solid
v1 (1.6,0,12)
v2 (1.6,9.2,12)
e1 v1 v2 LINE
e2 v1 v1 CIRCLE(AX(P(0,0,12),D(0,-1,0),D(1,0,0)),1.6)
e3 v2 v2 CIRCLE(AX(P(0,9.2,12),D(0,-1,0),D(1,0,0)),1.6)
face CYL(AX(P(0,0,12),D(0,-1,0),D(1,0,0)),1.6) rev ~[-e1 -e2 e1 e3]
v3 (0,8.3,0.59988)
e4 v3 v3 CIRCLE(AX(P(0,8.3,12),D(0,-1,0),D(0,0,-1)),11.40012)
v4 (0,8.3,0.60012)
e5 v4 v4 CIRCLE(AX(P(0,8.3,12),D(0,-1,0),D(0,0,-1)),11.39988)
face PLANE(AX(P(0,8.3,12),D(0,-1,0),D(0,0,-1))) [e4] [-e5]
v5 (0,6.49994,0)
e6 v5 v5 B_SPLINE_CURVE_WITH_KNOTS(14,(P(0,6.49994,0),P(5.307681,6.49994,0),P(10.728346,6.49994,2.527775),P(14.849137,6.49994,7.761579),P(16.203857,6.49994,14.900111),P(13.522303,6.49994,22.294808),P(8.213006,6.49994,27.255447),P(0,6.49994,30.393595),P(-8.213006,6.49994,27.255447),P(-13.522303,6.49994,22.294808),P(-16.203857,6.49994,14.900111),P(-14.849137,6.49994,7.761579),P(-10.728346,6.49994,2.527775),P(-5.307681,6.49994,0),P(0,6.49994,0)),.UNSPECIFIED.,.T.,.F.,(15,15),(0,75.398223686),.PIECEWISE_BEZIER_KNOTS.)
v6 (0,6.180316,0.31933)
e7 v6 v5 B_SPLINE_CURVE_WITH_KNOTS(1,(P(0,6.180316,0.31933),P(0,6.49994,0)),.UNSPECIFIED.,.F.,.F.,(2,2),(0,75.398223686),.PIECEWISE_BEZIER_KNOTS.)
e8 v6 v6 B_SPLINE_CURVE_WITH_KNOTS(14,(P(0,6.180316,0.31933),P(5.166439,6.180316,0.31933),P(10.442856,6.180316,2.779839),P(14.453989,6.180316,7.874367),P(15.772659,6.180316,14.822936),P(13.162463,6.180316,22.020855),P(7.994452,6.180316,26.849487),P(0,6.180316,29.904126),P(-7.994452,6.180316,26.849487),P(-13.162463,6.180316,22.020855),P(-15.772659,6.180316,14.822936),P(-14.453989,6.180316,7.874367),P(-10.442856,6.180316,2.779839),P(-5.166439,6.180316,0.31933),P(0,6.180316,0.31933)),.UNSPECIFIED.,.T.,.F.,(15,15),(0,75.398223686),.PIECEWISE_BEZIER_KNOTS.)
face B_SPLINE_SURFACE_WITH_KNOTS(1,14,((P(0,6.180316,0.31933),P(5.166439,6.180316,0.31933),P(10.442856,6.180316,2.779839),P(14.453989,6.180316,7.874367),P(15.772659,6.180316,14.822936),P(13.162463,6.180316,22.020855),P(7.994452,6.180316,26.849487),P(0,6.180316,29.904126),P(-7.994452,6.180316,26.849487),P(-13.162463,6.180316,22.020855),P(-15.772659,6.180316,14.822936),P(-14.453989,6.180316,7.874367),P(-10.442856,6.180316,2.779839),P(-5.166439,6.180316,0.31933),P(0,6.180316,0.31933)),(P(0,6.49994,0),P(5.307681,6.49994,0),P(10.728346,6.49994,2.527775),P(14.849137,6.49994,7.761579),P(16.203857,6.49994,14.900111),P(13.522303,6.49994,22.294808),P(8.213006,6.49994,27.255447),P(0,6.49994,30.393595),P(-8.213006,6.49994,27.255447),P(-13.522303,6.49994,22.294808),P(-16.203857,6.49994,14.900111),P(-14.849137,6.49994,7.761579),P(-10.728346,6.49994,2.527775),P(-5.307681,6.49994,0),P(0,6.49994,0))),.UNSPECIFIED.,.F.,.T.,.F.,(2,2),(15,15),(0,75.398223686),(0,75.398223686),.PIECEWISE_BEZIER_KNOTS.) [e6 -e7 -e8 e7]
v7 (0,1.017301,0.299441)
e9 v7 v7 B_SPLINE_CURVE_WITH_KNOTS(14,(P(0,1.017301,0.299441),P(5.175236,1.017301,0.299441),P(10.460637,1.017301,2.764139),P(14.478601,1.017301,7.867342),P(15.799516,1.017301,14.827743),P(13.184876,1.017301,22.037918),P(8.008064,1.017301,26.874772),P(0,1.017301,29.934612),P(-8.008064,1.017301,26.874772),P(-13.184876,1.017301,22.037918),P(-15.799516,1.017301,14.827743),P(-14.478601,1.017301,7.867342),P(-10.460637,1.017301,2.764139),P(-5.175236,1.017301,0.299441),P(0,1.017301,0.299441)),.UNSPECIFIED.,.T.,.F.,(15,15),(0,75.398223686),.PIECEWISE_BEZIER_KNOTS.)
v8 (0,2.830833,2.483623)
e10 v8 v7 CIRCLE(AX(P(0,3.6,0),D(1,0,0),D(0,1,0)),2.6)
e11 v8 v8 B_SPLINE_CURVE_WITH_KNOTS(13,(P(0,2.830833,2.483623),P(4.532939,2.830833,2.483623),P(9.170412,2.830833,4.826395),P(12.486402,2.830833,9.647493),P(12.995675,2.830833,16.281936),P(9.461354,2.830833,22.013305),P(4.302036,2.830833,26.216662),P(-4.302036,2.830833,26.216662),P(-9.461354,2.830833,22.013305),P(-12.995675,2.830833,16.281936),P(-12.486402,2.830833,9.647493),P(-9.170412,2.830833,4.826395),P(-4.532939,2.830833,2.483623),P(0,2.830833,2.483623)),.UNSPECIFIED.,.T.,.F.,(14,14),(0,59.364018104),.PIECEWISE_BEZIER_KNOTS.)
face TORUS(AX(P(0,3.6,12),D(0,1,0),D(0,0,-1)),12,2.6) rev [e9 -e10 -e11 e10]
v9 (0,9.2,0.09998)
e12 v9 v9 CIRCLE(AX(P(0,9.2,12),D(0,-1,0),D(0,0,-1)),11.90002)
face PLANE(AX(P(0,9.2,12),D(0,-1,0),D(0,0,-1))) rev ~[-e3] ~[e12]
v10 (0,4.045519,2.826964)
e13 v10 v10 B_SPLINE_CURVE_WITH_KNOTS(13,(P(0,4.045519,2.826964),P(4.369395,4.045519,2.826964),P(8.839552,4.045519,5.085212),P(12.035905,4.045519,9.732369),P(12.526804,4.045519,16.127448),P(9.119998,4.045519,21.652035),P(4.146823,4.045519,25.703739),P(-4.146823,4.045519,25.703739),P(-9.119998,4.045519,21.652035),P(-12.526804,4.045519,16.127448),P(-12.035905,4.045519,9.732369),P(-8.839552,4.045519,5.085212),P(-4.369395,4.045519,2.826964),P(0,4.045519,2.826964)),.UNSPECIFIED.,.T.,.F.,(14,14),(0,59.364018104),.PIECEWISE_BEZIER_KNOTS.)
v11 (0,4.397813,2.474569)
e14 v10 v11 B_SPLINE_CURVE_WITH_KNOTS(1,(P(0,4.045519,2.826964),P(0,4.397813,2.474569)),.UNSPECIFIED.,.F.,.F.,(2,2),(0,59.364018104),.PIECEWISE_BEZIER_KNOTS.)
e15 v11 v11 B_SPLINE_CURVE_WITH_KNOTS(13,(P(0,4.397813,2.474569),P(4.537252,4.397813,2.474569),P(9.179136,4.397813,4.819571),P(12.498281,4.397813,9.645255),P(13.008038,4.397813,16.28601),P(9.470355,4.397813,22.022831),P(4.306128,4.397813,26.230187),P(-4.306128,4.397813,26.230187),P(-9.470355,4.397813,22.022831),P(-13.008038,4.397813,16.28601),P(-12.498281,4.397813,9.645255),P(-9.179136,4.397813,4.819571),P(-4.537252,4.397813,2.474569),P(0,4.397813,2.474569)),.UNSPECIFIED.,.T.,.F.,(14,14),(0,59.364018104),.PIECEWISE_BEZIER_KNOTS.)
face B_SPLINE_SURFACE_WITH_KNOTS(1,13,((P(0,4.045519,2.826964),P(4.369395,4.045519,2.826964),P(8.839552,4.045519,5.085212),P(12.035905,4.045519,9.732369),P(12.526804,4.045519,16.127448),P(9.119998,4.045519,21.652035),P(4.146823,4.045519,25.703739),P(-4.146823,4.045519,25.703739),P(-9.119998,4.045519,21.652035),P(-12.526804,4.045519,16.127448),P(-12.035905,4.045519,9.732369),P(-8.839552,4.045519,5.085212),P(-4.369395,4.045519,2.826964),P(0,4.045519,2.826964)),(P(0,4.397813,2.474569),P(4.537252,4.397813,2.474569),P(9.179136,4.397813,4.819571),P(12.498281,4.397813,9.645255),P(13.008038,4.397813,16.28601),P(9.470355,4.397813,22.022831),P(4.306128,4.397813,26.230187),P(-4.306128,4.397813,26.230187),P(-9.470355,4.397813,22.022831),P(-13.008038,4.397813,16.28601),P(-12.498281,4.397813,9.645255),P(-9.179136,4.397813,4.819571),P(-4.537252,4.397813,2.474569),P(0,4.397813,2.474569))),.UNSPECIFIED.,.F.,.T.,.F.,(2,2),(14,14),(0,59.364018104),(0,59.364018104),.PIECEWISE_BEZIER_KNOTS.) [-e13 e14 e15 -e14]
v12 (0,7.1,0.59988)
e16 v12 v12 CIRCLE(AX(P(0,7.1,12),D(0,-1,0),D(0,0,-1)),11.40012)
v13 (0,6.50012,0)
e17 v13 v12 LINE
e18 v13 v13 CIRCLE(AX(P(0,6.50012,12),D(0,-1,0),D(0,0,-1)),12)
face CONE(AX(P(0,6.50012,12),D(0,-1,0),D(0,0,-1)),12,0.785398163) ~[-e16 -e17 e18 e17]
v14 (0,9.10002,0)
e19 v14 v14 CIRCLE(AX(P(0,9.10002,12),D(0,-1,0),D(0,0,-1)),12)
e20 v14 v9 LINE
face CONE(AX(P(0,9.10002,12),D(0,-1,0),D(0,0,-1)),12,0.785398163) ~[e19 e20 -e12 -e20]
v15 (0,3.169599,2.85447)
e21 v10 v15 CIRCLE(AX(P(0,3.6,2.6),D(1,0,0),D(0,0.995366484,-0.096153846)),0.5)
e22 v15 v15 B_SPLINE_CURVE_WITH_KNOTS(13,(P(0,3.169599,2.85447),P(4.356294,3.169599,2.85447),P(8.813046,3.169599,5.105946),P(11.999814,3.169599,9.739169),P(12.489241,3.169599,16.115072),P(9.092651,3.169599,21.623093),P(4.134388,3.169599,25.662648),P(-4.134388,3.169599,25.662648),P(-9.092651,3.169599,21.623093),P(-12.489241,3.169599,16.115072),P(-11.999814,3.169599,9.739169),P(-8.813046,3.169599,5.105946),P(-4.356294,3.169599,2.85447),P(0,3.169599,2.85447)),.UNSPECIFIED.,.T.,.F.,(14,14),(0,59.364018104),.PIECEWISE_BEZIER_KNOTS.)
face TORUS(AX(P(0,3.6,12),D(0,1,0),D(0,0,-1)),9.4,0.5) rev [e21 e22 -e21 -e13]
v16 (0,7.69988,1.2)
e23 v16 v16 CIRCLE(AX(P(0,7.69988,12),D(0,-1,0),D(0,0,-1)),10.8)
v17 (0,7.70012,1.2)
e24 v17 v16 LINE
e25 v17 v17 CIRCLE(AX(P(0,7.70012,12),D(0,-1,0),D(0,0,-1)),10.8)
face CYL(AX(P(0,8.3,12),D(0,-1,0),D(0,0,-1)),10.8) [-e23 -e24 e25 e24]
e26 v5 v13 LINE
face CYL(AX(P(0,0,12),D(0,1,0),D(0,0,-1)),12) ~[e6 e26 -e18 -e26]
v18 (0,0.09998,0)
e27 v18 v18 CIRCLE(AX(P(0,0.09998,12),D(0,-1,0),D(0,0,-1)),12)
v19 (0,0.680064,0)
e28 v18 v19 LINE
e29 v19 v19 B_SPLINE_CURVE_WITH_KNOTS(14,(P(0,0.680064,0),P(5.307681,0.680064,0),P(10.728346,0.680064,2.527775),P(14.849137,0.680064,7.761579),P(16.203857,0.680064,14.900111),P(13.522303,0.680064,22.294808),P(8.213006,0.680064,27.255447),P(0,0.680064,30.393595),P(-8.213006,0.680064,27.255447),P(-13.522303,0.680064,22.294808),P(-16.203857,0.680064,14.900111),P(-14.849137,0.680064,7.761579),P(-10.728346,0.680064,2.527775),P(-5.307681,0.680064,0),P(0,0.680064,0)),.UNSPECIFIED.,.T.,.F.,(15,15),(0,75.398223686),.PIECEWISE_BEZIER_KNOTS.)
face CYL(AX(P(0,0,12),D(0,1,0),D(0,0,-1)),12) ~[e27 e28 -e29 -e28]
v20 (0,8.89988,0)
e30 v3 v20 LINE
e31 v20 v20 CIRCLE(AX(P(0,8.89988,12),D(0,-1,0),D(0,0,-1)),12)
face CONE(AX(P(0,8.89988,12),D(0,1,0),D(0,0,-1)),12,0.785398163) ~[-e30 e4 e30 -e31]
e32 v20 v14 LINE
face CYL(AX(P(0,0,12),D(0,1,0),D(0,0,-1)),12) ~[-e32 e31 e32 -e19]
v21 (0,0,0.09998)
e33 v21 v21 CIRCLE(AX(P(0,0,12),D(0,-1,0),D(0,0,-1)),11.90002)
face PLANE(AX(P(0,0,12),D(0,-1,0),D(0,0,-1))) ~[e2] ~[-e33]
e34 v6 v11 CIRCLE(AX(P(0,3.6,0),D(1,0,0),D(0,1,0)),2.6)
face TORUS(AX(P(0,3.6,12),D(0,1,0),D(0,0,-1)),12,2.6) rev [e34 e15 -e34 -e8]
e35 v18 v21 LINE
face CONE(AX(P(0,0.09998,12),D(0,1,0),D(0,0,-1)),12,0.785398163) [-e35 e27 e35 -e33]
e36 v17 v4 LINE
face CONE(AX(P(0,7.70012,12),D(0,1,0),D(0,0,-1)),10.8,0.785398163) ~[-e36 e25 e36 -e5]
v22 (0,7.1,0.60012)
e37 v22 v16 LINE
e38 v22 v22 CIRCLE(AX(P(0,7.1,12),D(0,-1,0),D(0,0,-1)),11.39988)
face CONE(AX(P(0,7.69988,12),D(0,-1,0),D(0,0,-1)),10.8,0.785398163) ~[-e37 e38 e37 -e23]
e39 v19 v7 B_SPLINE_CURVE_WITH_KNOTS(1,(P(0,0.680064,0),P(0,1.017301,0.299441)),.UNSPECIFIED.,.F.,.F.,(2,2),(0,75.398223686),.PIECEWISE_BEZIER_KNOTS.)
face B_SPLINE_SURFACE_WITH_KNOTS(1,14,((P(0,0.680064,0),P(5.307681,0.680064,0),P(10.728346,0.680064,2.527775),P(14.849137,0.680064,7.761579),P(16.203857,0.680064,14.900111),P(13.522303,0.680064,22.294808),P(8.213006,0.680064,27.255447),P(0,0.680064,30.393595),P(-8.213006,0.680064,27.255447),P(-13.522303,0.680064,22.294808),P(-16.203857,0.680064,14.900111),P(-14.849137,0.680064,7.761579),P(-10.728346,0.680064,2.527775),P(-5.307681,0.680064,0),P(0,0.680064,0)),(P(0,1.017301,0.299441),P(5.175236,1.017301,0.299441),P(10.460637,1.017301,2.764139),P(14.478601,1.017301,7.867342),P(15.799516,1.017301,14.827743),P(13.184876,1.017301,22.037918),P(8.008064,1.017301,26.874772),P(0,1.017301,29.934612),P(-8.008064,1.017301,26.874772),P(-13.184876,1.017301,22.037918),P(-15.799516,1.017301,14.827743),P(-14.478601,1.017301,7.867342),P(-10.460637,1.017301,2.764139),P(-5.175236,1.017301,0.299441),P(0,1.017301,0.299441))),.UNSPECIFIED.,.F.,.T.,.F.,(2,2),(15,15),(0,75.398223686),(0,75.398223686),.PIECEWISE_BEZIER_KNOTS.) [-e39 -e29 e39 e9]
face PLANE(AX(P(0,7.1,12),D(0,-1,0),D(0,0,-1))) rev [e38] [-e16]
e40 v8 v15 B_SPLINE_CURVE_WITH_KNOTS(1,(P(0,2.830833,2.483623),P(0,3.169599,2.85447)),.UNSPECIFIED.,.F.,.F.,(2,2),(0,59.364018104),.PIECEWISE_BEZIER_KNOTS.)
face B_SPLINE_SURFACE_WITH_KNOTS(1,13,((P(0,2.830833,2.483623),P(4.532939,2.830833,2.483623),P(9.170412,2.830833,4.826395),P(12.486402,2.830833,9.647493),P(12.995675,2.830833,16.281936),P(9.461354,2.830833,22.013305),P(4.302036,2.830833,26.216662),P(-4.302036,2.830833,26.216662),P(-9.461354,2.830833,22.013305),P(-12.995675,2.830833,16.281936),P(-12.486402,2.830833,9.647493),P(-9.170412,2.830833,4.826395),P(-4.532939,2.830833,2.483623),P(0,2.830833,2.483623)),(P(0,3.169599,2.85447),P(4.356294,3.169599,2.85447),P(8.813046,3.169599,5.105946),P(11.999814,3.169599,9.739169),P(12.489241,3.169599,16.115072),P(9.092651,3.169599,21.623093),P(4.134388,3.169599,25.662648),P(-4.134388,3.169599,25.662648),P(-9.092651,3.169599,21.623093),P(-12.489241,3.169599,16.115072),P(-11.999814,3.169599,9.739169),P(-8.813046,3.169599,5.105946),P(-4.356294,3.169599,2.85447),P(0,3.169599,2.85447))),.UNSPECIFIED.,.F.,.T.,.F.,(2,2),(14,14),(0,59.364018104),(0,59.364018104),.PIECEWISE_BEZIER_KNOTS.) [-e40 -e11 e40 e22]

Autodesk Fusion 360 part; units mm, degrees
sketch "Sketch1" plane through (0, 0, 0) normal (1, 0, 0) x (0, 1, 0)
  line L0 (0, 0) -> (9.2, 0)
  line L1 (9.2, 0) -> (9.2, 12)
  line L2 (9.2, 12) -> (0, 12)
  line L3 (0, 12) -> (0, 0)
  line L4 (0, 10.3) -> (9.2, 10.3)
  line L5 (7.1, 0) -> (8.3, 0)
  line L6 (8.3, 0) -> (8.3, 1.2)
  line L7 (8.3, 1.2) -> (7.1, 1.2)
  line L8 (7.1, 1.2) -> (7.1, 0)
  circle A0 centre (3.6, 0) radius 2.6
  line L9 (3.6, 0) -> (3.6, 2.6) construction
  circle A1 centre (3.6, 2.6) radius 0.5
  dimension "d1" = 9.2
  dimension "d2" = 12
  dimension "d3" = 1.7
  dimension "d4" = 1.2
  dimension "d5" = 1.2
  dimension "d6" = 7.1
  dimension "d7" = 5.2
  dimension "d8" = 3.6
  dimension "d9" = 1
revolve "Revolve1" add sketch "Sketch1" angle 360 about axis through (0, 9.2, 12) along (0, -1, 0) contours L0 L1 L3 L4 L6 L7 L8 A0 A1 | L1 L2 L3 L4
chamfer "Chamfer1" distance 0.6 angle 45 2 faces at (-0.5962, 7.1, 0.4447) (-1.1327, 8.3, 0.4849)
chamfer "Chamfer1" distance 0.1 angle 45 2 edges at (-11.1879, 9.2, 7.6606) (-11.1879, 0, 7.6606)
chamfer "Chamfer1" distance 0.28 distance2 0.31 2 edges at (-8.8087, 4.0977, 8.5834) (-8.8087, 3.1023, 8.5834) measured on face at (-0.4697, 4.0994, 21.4123) measured on face at (7.1736, 1.0027, 21.4704)
chamfer "Chamfer1" distance 0.32 distance2 0.3 2 edges at (-11.1879, 6.2, 7.6606) (-11.1879, 1, 7.6606) measured on face at (-1.1829, 6.1973, 23.8216) measured on face at (-0.5982, 0.3333, 0.0149)
sketch "Sketch2" plane through (0, 0, 0) normal (0, -1, 0) x (1, 0, 0)
  circle A0 centre (0, 12) radius 11.9
  circle A1 centre (0, 12) radius 1.6
  line L0 (0.0188, 10.4001) -> (0, 0) construction
  dimension "d17" = 3.2
extrude "Extrude1" cut sketch "Sketch2" against normal up to surface (9.2 mm away) contours A1
